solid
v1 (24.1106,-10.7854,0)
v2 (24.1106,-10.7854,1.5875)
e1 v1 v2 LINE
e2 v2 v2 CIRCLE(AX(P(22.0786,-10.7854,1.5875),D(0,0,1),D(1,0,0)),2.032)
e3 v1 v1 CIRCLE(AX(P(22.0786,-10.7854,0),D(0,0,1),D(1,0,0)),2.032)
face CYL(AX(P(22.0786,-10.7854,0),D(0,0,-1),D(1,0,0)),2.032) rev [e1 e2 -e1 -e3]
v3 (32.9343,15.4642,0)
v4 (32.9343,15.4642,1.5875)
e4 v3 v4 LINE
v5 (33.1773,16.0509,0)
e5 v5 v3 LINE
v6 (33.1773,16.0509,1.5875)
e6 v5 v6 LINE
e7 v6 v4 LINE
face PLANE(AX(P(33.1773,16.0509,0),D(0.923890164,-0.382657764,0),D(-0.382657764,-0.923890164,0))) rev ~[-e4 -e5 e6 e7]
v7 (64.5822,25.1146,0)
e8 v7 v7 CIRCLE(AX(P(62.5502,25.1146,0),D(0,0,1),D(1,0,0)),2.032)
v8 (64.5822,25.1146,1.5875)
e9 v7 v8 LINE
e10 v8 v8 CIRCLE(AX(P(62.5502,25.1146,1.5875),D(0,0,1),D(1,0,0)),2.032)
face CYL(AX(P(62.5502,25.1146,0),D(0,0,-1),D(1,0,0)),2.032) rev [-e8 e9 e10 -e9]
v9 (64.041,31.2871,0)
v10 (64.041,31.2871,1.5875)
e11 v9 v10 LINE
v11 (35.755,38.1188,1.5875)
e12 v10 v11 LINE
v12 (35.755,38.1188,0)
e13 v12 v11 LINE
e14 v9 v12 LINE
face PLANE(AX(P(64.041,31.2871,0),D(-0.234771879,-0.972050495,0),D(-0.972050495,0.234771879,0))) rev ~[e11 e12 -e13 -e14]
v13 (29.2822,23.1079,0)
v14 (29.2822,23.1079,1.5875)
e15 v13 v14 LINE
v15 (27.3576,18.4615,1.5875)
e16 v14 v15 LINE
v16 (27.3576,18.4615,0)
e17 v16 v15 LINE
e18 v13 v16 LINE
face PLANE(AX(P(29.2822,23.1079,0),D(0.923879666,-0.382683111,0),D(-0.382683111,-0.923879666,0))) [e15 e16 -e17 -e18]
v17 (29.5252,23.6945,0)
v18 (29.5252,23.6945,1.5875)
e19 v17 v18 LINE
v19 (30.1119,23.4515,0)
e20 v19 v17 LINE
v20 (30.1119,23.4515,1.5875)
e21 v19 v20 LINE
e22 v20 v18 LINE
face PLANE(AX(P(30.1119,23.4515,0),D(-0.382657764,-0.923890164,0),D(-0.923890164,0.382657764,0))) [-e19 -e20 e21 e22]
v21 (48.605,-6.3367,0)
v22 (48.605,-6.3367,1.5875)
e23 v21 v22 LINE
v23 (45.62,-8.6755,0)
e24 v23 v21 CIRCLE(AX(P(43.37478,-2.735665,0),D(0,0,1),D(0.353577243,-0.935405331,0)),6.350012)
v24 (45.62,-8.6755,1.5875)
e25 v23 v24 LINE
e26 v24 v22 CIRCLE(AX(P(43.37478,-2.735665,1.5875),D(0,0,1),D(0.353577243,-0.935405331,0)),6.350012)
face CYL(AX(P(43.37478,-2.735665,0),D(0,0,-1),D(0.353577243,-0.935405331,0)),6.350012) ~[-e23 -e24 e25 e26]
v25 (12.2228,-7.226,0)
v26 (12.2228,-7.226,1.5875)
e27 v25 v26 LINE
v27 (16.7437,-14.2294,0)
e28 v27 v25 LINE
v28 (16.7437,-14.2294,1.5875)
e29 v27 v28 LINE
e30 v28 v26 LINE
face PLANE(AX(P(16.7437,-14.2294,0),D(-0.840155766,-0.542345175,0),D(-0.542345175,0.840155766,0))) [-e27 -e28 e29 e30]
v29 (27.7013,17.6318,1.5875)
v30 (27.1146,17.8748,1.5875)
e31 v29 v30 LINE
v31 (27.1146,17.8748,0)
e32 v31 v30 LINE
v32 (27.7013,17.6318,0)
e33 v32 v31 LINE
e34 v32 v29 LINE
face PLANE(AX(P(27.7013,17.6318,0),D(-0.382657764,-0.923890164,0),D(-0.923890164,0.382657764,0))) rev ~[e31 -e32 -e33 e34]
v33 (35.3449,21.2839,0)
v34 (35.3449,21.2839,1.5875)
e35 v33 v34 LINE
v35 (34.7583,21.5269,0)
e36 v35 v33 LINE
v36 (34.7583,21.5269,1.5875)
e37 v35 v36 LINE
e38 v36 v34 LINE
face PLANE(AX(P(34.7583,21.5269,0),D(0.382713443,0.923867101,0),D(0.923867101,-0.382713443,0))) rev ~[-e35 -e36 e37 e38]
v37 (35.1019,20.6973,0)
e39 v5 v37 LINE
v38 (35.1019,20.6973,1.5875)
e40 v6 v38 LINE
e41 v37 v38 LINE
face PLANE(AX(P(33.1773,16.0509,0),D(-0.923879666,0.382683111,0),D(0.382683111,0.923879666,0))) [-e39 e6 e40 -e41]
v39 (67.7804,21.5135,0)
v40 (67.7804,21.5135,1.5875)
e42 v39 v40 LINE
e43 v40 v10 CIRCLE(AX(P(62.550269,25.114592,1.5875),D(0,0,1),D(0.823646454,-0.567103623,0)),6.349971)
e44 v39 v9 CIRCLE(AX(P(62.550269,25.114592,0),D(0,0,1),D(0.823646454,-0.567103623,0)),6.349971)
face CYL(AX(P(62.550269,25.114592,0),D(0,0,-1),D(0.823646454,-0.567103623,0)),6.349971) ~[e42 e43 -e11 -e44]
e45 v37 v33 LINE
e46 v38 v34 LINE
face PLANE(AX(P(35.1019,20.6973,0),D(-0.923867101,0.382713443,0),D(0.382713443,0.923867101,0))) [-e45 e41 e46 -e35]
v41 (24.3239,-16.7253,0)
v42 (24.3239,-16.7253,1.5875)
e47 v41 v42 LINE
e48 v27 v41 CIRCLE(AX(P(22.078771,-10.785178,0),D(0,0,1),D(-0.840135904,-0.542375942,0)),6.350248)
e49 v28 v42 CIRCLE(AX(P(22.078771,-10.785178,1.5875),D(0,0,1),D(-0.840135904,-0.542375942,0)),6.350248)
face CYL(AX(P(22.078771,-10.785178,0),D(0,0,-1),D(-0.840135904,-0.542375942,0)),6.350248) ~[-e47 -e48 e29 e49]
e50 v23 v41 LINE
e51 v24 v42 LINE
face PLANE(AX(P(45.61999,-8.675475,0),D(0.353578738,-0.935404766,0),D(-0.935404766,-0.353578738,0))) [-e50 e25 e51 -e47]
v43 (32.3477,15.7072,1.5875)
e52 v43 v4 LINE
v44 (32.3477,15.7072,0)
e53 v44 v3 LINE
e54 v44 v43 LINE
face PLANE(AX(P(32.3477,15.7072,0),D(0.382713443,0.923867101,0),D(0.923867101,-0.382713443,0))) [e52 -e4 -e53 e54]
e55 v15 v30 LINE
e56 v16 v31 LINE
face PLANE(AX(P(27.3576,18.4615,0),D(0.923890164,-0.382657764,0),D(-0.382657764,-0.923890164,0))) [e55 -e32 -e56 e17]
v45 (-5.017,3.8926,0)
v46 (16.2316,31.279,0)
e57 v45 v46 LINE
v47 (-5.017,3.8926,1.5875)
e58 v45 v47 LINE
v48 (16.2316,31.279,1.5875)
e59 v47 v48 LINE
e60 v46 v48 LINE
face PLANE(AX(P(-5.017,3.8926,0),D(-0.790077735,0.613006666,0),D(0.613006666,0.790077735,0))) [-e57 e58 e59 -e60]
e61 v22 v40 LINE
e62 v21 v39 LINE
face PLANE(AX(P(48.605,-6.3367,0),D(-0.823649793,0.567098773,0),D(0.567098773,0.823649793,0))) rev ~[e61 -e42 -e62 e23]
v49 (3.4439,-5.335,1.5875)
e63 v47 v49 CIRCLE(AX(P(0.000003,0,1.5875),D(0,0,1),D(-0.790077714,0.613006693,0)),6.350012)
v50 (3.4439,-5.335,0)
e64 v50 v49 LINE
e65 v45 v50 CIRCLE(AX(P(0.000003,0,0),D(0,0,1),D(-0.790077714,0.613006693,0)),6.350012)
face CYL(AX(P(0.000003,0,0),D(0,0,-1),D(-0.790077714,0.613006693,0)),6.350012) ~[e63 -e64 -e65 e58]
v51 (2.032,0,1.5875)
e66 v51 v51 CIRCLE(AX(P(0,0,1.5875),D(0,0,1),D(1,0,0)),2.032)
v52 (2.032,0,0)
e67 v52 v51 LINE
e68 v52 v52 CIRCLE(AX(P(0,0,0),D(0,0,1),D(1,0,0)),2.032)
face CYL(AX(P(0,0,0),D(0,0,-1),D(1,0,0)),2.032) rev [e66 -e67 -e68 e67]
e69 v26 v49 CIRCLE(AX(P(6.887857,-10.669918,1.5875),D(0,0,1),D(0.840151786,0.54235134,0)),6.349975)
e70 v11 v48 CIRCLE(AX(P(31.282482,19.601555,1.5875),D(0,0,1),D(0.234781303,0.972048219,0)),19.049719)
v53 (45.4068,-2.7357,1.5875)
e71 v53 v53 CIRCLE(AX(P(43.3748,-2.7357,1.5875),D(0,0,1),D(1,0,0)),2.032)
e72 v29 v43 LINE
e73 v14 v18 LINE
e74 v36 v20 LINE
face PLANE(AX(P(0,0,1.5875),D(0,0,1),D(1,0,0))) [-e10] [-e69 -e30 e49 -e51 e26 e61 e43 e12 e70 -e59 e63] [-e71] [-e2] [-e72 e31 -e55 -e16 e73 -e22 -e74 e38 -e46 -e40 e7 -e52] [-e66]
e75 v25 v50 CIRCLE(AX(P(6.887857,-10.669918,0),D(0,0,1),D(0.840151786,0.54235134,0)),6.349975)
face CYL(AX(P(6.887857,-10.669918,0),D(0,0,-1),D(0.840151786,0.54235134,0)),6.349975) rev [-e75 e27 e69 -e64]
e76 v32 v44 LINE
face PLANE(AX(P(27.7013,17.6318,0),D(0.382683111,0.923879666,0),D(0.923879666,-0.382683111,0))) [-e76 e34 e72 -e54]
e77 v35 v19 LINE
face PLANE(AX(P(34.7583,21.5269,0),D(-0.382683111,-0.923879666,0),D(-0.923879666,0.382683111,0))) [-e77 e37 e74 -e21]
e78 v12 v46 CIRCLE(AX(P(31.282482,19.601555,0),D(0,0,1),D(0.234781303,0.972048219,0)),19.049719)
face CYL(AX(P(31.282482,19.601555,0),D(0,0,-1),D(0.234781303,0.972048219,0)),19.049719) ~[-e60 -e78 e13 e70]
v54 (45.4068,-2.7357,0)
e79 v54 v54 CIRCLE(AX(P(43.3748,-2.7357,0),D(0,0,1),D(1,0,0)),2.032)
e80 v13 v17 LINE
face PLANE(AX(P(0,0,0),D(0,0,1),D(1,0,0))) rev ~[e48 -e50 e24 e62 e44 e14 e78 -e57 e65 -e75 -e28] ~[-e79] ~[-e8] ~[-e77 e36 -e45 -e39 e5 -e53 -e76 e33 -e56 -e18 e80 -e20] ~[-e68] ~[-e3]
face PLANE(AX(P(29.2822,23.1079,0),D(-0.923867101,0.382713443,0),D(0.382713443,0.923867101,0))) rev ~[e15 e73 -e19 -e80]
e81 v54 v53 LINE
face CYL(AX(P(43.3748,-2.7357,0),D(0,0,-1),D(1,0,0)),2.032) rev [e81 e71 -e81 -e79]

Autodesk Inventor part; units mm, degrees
ref_plane "YZ Plane" through (0, 0, 0) normal (1, 0, 0) x (0, 1, 0)
ref_plane "XZ Plane" through (0, 0, 0) normal (0, 1, 0) x (-1, 0, 0)
ref_plane "XY Plane" through (0, 0, 0) normal (0, 0, 1) x (1, 0, 0)
sketch "Sketch1" plane through (0, 0, 0) normal (0, 0, 1) x (1, 0, 0)
  circle A0 centre (0, 0) radius 2.0955 construction
  circle A1 centre (31.2825, 19.6012) radius 7.2 construction
  circle A2 centre (43.3748, -2.7357) radius 2.15 construction
  circle A3 centre (31.2825, 19.6012) radius 31.75 construction
  circle A4 centre (43.3748, -2.7357) radius 2.032
  line L0 (31.2825, 19.6012) -> (31.2825, -12.1488) construction
  circle A5 centre (31.2825, -12.1488) radius 2.032 construction
  line L1 (31.2825, 19.6012) -> (62.5502, 25.1146) construction
  line L2 (31.2825, 19.6012) -> (63.0325, 19.6012) construction
  circle A6 centre (62.5502, 25.1146) radius 2.032
  arc A7 (67.7804, 21.5135) -> (64.041, 31.2871) centre (62.5502, 25.1146) ccw
  circle A8 centre (0, 0) radius 2.032
  arc A9 (-5.017, 3.8926) -> (3.4439, -5.335) centre (0, 0) ccw
  arc A10 (45.62, -8.6755) -> (48.605, -6.3367) centre (43.3748, -2.7357) ccw
  circle A11 centre (22.0786, -10.7854) radius 2.032
  line L3 (48.605, -6.3367) -> (67.7804, 21.5135)
  arc A12 (35.755, 38.1188) -> (16.2316, 31.279) centre (31.2825, 19.6012) ccw
  line L4 (64.041, 31.2871) -> (35.755, 38.1188)
  line L5 (-5.017, 3.8926) -> (16.2316, 31.279)
  arc A13 (16.7437, -14.2294) -> (24.3239, -16.7253) centre (22.0786, -10.7854) ccw
  arc A14 (12.2228, -7.226) -> (3.4439, -5.335) centre (6.8878, -10.67) ccw
  line L6 (16.7437, -14.2294) -> (12.2228, -7.226)
  line L7 (45.9985, -8.5324) -> (24.3239, -16.7253)
  line L8 (27.7013, 17.6318) -> (32.3477, 15.7072)
  line L9 (27.7013, 17.6318) -> (27.7013, 17.6318)
  line L10 (32.3477, 15.7072) -> (27.7013, 17.6318)
  line L11 (32.3477, 15.7072) -> (32.3477, 15.7072)
  line L12 (33.1773, 16.0509) -> (35.1019, 20.6973)
  line L13 (33.1773, 16.0509) -> (33.1773, 16.0509)
  line L14 (35.1019, 20.6973) -> (33.1773, 16.0509)
  line L15 (35.1019, 20.6973) -> (35.1019, 20.6973)
  line L16 (34.7583, 21.5269) -> (30.1119, 23.4515)
  line L17 (34.7583, 21.5269) -> (34.7583, 21.5269)
  line L18 (30.1119, 23.4515) -> (34.7583, 21.5269)
  line L19 (30.1119, 23.4515) -> (30.1119, 23.4515)
  line L20 (29.2822, 23.1079) -> (27.3576, 18.4615)
  line L21 (29.2822, 23.1079) -> (29.2822, 23.1079)
  line L22 (27.3576, 18.4615) -> (29.2822, 23.1079)
  line L23 (27.3576, 18.4615) -> (27.3576, 18.4615)
  line L24 (35.1019, 20.6973) -> (35.3449, 21.2839)
  line L25 (34.7583, 21.5269) -> (35.3449, 21.2839)
  line L26 (33.1773, 16.0509) -> (32.9343, 15.4642)
  line L27 (32.3477, 15.7072) -> (32.9343, 15.4642)
  line L28 (29.2822, 23.1079) -> (29.5252, 23.6945)
  line L29 (30.1119, 23.4515) -> (29.5252, 23.6945)
  line L30 (27.3576, 18.4615) -> (27.1146, 17.8748)
  line L31 (27.7013, 17.6318) -> (27.1146, 17.8748)
  point P0 (0, 0)
extrude "Plate1" add sketch "Sketch1" along normal blind 1.5875
sketch "Sketch2" plane through (0, 0, 1.5875) normal (0, 0, 1) x (1, 0, 0)
  arc A0 (35.755, 38.1188) -> (16.2316, 31.279) centre (31.2825, 19.6012) ccw projected
  line L0 (35.755, 38.1188) -> (64.041, 31.2871) projected
  arc A1 (67.7804, 21.5135) -> (64.041, 31.2871) centre (62.5502, 25.1146) ccw projected
  line L1 (67.7804, 21.5135) -> (48.605, -6.3367) projected
  arc A2 (45.62, -8.6755) -> (48.605, -6.3367) centre (43.3748, -2.7357) ccw projected
  line L2 (45.62, -8.6755) -> (24.3239, -16.7253) projected
  arc A3 (16.7437, -14.2294) -> (24.3239, -16.7253) centre (22.0786, -10.7854) ccw projected
  line L3 (16.7437, -14.2294) -> (12.2228, -7.226) projected
  arc A4 (12.2228, -7.226) -> (3.4439, -5.335) centre (6.8878, -10.67) ccw projected
  arc A5 (-5.017, 3.8926) -> (3.4439, -5.335) centre (0, 0) ccw projected
  line L4 (-5.017, 3.8926) -> (16.2316, 31.279) projected
  circle A6 centre (0, 0) radius 2.032 projected
  circle A7 centre (22.0786, -10.7854) radius 2.032 projected
  circle A8 centre (43.3748, -2.7357) radius 2.032 projected
  circle A9 centre (62.5502, 25.1146) radius 2.032 projected
  line L5 (29.5252, 23.6945) -> (35.3449, 21.2839) projected
  line L6 (27.1146, 17.8748) -> (29.5252, 23.6945) projected
  line L7 (32.9343, 15.4642) -> (27.1146, 17.8748) projected
  line L8 (35.3449, 21.2839) -> (32.9343, 15.4642) projected
  point P0 (0, 0)
equation "\"d20\" = Thickness"
equation "\"BendRadius\" = Thickness"
equation "\"BendReliefWidth\" = Thickness"
equation "\"BendReliefDepth\" = 0.5 * Thickness"
equation "\"CornerReliefSize\" = 4 * Thickness"
equation "\"MinimumRemnant\" = 2 * Thickness"
equation "\"TransitionRadius\" = BendRadius"
equation "\"JacobiRadiusSize\" = BendRadius"
equation "\"GapSize\" = Thickness"
equation "\"Thickness\" = 1.5875"
properties part number "Rear Vertical Odom Pod" material "Acetal Resin, White"
